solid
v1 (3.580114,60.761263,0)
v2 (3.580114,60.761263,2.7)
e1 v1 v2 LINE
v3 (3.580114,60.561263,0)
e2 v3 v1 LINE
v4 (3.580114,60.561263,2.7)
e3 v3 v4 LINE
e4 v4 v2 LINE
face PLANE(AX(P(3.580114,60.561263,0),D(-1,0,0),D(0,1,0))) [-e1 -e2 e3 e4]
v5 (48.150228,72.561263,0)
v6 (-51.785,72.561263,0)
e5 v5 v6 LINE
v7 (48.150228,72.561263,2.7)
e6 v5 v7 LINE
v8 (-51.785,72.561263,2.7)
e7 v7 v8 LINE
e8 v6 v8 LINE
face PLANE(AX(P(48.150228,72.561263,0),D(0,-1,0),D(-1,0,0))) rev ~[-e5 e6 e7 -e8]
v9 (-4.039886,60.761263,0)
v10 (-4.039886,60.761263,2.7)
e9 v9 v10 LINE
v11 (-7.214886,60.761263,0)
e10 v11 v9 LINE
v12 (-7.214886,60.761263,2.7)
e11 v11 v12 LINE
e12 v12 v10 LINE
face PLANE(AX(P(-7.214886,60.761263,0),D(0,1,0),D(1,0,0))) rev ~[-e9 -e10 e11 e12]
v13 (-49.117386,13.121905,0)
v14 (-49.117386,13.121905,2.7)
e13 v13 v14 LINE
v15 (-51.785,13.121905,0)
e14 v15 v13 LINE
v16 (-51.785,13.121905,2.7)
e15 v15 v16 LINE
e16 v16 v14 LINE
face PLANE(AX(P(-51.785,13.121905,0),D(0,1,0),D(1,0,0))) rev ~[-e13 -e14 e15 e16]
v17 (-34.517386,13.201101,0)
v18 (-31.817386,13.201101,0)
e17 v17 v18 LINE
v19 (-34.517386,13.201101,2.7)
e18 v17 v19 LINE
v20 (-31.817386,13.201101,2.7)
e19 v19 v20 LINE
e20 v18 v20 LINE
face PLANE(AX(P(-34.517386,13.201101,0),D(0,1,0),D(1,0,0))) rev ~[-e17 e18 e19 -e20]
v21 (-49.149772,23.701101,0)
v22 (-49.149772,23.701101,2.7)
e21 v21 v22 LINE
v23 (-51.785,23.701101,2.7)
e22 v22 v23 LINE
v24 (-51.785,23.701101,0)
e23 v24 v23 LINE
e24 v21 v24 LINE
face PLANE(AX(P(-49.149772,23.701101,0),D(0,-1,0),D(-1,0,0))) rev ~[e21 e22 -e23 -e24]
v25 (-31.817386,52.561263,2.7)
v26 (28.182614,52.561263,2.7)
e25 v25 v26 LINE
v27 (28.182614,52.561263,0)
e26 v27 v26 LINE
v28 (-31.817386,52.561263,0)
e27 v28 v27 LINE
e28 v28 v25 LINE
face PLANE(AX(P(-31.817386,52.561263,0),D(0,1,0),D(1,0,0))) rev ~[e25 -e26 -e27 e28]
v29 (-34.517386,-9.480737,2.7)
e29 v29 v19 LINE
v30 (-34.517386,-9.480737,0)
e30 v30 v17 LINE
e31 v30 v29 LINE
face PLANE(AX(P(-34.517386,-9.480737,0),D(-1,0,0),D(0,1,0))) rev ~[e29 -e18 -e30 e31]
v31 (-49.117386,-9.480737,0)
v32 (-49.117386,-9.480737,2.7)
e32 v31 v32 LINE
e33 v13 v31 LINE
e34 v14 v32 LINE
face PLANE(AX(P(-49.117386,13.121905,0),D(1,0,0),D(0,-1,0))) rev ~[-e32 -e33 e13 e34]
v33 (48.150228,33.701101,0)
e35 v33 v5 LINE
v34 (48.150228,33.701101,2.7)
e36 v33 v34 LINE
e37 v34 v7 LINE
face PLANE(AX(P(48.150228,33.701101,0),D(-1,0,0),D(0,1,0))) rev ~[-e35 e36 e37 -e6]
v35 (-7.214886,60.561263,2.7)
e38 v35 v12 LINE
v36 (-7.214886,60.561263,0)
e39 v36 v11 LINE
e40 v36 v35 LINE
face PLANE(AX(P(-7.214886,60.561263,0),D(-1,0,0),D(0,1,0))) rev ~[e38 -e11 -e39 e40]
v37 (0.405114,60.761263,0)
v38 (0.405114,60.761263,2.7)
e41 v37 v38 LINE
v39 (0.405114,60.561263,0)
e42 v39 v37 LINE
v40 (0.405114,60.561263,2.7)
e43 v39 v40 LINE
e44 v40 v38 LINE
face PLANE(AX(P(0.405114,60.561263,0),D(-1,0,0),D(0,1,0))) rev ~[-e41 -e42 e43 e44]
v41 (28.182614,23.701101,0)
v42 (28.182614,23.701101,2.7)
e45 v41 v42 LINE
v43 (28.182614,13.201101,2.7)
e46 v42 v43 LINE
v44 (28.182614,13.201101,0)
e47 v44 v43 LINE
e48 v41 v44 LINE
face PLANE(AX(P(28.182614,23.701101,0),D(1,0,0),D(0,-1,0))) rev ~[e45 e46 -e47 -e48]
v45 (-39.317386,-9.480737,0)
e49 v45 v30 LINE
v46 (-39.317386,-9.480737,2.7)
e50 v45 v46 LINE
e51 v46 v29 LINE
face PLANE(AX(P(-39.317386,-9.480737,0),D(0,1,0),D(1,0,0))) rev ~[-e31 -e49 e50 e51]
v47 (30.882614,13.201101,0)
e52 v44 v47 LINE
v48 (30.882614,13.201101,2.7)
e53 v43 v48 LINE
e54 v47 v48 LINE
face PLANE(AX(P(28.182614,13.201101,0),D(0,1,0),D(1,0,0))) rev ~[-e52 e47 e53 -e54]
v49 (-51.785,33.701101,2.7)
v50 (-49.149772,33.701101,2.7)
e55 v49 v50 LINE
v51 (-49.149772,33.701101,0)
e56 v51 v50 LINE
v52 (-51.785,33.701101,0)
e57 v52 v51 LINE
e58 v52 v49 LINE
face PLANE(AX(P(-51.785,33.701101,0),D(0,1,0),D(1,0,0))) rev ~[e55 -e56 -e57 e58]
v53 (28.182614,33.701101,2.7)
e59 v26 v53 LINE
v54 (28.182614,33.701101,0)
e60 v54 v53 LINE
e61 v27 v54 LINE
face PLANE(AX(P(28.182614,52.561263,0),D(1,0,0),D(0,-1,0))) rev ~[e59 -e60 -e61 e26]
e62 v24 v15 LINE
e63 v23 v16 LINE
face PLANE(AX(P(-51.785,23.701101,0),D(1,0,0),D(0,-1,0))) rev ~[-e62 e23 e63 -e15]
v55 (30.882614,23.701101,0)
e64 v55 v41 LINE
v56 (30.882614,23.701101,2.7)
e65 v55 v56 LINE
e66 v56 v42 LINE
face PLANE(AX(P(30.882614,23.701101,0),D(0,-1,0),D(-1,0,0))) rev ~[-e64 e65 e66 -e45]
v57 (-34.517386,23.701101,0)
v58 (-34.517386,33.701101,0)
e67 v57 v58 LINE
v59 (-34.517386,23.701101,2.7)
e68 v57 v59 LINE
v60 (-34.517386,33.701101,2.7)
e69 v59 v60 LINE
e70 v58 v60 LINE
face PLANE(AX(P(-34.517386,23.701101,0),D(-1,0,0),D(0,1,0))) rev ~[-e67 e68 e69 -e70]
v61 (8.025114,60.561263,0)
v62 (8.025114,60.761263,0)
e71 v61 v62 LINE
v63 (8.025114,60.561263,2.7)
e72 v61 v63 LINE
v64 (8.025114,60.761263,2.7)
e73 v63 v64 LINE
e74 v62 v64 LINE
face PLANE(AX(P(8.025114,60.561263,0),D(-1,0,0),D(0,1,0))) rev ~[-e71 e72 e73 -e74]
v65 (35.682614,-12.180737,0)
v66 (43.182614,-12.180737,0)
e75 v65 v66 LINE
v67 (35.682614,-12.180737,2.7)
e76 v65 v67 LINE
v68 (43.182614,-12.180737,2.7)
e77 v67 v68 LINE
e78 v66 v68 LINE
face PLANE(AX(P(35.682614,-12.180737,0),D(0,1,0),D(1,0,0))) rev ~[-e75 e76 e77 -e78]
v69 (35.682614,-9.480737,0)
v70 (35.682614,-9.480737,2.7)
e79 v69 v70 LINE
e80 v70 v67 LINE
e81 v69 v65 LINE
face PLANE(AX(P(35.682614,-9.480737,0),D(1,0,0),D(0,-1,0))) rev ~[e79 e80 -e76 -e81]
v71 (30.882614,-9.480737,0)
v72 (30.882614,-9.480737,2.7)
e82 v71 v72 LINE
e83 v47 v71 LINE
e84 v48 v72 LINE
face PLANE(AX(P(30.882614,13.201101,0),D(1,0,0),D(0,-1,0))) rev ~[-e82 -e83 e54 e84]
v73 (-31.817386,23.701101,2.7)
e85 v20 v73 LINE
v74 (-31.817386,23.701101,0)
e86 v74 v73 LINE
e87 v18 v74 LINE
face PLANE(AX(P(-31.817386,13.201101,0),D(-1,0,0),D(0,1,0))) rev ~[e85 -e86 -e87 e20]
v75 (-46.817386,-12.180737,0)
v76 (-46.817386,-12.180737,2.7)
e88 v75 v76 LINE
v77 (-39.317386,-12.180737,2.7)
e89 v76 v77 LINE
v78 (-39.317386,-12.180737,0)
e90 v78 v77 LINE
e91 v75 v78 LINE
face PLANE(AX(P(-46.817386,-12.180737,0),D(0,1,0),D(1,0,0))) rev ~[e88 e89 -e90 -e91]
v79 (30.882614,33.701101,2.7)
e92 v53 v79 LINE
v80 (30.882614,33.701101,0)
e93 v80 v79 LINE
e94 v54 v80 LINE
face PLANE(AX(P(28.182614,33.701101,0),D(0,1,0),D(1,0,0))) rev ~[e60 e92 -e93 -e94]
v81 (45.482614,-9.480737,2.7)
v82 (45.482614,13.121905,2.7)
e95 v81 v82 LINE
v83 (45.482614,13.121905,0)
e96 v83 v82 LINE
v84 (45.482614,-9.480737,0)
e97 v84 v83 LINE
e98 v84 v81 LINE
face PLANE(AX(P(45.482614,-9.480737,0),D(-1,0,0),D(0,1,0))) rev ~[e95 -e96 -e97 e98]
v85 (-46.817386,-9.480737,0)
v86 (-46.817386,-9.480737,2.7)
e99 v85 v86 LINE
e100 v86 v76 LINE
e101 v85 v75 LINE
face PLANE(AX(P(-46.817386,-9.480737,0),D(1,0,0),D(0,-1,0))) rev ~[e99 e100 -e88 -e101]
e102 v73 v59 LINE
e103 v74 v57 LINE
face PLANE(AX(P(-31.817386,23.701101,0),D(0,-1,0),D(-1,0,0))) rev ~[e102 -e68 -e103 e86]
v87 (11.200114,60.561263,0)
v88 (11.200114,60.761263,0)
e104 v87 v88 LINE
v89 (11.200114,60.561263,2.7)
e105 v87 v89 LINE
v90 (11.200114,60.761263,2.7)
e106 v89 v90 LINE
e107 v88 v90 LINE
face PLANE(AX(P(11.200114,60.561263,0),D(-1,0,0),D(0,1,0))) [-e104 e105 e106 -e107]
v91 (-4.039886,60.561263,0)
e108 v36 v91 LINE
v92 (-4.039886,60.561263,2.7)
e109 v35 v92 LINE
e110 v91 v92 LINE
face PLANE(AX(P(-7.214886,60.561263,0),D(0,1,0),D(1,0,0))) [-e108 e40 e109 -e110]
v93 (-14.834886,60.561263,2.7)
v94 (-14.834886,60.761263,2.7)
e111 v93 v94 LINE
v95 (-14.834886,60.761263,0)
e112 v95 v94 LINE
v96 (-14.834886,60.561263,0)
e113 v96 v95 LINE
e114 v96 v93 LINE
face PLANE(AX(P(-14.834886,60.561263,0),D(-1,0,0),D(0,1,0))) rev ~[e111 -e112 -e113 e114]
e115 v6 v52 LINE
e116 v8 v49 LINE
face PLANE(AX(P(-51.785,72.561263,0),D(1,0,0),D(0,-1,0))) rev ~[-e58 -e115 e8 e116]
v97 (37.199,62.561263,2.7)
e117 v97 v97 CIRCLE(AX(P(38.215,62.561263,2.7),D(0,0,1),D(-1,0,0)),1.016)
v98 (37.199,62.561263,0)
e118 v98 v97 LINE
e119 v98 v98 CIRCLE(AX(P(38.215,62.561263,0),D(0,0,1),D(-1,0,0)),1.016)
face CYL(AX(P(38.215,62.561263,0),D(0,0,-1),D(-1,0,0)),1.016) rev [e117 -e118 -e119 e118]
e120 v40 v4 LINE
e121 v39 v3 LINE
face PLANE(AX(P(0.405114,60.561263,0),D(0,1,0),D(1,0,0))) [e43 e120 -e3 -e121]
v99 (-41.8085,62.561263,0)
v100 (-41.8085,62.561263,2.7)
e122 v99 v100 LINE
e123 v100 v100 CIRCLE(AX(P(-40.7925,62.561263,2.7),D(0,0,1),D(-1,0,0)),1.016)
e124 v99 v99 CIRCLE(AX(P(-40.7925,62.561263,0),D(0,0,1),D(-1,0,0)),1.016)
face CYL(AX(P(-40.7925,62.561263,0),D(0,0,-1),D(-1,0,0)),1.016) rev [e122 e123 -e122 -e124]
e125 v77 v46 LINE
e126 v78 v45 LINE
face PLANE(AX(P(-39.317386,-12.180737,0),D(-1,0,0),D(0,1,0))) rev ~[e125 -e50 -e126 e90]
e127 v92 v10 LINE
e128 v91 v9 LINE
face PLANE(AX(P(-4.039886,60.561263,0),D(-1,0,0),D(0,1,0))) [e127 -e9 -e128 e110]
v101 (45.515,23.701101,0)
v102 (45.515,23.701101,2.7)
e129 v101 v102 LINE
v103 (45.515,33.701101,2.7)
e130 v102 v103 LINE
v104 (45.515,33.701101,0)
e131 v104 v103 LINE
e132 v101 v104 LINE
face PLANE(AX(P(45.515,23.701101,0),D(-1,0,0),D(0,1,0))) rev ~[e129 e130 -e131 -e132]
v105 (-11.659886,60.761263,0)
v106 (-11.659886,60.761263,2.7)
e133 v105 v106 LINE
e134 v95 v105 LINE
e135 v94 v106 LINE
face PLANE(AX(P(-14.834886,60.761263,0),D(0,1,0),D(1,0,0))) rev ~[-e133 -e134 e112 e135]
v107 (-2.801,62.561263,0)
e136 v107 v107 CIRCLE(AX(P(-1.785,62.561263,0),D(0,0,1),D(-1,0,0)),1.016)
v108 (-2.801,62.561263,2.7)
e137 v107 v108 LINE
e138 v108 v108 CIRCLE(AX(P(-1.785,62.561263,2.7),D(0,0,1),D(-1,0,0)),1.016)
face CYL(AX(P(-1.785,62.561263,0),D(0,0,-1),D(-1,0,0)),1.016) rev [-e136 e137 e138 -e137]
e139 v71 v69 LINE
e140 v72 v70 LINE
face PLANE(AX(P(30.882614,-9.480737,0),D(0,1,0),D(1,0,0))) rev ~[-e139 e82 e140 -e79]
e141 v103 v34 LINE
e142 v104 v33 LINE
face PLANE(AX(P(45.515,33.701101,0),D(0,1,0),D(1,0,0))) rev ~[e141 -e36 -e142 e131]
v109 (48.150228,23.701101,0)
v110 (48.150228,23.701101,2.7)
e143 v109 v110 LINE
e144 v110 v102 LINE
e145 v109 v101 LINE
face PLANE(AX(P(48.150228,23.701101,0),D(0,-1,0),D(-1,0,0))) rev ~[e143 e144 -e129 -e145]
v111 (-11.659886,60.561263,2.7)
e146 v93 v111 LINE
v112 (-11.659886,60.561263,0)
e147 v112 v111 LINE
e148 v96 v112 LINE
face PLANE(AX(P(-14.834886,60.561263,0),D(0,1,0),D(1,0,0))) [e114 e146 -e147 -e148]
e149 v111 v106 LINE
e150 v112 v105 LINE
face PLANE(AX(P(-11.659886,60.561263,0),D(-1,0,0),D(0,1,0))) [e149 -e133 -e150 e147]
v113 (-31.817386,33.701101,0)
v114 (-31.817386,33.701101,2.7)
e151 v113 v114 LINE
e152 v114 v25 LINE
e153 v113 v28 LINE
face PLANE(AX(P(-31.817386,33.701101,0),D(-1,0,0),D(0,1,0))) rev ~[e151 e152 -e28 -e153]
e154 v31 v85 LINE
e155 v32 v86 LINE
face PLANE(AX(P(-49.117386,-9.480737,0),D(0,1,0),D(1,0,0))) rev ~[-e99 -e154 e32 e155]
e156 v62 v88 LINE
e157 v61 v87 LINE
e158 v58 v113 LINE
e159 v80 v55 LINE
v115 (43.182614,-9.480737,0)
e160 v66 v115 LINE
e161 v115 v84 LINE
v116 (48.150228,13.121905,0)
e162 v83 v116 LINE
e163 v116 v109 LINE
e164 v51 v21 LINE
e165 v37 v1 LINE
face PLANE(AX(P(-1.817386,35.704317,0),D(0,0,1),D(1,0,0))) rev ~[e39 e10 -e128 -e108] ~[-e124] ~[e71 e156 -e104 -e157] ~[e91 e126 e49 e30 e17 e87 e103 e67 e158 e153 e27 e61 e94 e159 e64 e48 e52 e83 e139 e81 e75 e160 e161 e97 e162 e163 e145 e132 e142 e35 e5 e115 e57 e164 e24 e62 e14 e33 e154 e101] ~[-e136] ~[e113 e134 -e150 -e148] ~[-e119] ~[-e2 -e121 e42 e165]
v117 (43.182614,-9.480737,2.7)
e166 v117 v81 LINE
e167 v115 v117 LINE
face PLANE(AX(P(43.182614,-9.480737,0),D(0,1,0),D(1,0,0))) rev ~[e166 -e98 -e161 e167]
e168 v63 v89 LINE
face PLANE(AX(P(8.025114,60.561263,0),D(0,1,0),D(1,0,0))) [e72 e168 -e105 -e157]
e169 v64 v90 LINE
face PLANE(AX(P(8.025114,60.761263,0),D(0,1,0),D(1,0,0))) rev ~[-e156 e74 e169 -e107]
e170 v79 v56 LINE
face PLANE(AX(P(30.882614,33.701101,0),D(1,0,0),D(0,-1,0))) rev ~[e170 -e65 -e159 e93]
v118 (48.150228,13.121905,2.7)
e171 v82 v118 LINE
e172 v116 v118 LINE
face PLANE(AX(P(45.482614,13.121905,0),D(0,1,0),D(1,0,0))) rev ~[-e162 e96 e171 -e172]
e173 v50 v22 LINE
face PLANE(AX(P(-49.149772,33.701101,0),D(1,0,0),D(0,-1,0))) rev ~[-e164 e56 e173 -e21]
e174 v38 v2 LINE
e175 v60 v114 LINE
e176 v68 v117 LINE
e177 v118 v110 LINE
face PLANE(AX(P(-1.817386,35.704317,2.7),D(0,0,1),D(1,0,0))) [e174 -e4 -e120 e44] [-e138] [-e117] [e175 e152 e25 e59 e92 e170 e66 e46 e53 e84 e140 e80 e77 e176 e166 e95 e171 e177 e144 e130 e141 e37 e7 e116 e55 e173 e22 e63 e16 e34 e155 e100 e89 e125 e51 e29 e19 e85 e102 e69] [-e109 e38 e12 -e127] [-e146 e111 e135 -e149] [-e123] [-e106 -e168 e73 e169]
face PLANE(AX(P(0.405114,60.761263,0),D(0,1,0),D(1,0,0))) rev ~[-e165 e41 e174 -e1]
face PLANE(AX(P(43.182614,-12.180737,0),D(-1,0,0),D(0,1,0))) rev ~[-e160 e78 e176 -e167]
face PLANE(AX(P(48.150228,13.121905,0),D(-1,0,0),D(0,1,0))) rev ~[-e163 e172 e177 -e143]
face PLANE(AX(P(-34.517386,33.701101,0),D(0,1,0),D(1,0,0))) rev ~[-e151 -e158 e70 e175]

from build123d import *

# Parameters (mm, degrees)
SKETCH1_R  = 1.016
SKETCH1_W  = 3.175
SKETCH1_H  = 0.2
BASE_DEPTH = 2.7


with BuildPart() as part:
    # Sketch1 → Base (new body)
    with BuildSketch(Plane.XY):
        Polygon((-34.517386137, -9.480737498), (-34.517386137, 13.201100992), (-31.817386137, 13.201100992), (-31.817386137, 23.701100992), (-34.517386137, 23.701100992), (-34.517386137, 33.701100992), (-31.817386137, 33.701100992), (-31.817386137, 52.561262502), (28.182613863, 52.561262502), (28.182613863, 33.701100992), (30.882613863, 33.701100992), (30.882613863, 23.701100992), (28.182613863, 23.701100992), (28.182613863, 13.201100992), (30.882613863, 13.201100992), (30.882613863, -9.480737498), (35.682613863, -9.480737498), (35.682613863, -12.180737498), (43.182613863, -12.180737498), (43.182613863, -9.480737498), (45.482613863, -9.480737498), (45.482613863, 13.121905033), (48.150227726, 13.121905033), (48.150227726, 23.701100992), (45.515, 23.701100992), (45.515, 33.701100992), (48.150227726, 33.701100992), (48.150227726, 72.561262502), (-51.785, 72.561262502), (-51.785, 33.701100992), (-49.149772274, 33.701100992), (-49.149772274, 23.701100992), (-51.785, 23.701100992), (-51.785, 13.121905033), (-49.117386137, 13.121905033), (-49.117386137, -9.480737498), (-46.817386137, -9.480737498), (-46.817386137, -12.180737498), (-39.317386137, -12.180737498), (-39.317386137, -9.480737498), align=None)
        with Locations(Location((-40.7925, 62.561262502, 0), (0, 0, 180))):
            Circle(SKETCH1_R, mode=Mode.SUBTRACT)
        with Locations(Location((38.215, 62.561262502, 0), (0, 0, 180))):
            Circle(SKETCH1_R, mode=Mode.SUBTRACT)
        with Locations(Location((-1.785, 62.561262502, 0), (0, 0, 180))):
            Circle(SKETCH1_R, mode=Mode.SUBTRACT)
        with Locations((-13.247386137, 60.661262502)):
            Rectangle(SKETCH1_W, SKETCH1_H, mode=Mode.SUBTRACT)
        with Locations((-5.627386137, 60.661262502)):
            Rectangle(SKETCH1_W, SKETCH1_H, mode=Mode.SUBTRACT)
        with Locations((1.992613863, 60.661262502)):
            Rectangle(SKETCH1_W, SKETCH1_H, mode=Mode.SUBTRACT)
        with Locations((9.612613863, 60.661262502)):
            Rectangle(SKETCH1_W, SKETCH1_H, mode=Mode.SUBTRACT)
    extrude(amount=BASE_DEPTH)


solid = part.part
